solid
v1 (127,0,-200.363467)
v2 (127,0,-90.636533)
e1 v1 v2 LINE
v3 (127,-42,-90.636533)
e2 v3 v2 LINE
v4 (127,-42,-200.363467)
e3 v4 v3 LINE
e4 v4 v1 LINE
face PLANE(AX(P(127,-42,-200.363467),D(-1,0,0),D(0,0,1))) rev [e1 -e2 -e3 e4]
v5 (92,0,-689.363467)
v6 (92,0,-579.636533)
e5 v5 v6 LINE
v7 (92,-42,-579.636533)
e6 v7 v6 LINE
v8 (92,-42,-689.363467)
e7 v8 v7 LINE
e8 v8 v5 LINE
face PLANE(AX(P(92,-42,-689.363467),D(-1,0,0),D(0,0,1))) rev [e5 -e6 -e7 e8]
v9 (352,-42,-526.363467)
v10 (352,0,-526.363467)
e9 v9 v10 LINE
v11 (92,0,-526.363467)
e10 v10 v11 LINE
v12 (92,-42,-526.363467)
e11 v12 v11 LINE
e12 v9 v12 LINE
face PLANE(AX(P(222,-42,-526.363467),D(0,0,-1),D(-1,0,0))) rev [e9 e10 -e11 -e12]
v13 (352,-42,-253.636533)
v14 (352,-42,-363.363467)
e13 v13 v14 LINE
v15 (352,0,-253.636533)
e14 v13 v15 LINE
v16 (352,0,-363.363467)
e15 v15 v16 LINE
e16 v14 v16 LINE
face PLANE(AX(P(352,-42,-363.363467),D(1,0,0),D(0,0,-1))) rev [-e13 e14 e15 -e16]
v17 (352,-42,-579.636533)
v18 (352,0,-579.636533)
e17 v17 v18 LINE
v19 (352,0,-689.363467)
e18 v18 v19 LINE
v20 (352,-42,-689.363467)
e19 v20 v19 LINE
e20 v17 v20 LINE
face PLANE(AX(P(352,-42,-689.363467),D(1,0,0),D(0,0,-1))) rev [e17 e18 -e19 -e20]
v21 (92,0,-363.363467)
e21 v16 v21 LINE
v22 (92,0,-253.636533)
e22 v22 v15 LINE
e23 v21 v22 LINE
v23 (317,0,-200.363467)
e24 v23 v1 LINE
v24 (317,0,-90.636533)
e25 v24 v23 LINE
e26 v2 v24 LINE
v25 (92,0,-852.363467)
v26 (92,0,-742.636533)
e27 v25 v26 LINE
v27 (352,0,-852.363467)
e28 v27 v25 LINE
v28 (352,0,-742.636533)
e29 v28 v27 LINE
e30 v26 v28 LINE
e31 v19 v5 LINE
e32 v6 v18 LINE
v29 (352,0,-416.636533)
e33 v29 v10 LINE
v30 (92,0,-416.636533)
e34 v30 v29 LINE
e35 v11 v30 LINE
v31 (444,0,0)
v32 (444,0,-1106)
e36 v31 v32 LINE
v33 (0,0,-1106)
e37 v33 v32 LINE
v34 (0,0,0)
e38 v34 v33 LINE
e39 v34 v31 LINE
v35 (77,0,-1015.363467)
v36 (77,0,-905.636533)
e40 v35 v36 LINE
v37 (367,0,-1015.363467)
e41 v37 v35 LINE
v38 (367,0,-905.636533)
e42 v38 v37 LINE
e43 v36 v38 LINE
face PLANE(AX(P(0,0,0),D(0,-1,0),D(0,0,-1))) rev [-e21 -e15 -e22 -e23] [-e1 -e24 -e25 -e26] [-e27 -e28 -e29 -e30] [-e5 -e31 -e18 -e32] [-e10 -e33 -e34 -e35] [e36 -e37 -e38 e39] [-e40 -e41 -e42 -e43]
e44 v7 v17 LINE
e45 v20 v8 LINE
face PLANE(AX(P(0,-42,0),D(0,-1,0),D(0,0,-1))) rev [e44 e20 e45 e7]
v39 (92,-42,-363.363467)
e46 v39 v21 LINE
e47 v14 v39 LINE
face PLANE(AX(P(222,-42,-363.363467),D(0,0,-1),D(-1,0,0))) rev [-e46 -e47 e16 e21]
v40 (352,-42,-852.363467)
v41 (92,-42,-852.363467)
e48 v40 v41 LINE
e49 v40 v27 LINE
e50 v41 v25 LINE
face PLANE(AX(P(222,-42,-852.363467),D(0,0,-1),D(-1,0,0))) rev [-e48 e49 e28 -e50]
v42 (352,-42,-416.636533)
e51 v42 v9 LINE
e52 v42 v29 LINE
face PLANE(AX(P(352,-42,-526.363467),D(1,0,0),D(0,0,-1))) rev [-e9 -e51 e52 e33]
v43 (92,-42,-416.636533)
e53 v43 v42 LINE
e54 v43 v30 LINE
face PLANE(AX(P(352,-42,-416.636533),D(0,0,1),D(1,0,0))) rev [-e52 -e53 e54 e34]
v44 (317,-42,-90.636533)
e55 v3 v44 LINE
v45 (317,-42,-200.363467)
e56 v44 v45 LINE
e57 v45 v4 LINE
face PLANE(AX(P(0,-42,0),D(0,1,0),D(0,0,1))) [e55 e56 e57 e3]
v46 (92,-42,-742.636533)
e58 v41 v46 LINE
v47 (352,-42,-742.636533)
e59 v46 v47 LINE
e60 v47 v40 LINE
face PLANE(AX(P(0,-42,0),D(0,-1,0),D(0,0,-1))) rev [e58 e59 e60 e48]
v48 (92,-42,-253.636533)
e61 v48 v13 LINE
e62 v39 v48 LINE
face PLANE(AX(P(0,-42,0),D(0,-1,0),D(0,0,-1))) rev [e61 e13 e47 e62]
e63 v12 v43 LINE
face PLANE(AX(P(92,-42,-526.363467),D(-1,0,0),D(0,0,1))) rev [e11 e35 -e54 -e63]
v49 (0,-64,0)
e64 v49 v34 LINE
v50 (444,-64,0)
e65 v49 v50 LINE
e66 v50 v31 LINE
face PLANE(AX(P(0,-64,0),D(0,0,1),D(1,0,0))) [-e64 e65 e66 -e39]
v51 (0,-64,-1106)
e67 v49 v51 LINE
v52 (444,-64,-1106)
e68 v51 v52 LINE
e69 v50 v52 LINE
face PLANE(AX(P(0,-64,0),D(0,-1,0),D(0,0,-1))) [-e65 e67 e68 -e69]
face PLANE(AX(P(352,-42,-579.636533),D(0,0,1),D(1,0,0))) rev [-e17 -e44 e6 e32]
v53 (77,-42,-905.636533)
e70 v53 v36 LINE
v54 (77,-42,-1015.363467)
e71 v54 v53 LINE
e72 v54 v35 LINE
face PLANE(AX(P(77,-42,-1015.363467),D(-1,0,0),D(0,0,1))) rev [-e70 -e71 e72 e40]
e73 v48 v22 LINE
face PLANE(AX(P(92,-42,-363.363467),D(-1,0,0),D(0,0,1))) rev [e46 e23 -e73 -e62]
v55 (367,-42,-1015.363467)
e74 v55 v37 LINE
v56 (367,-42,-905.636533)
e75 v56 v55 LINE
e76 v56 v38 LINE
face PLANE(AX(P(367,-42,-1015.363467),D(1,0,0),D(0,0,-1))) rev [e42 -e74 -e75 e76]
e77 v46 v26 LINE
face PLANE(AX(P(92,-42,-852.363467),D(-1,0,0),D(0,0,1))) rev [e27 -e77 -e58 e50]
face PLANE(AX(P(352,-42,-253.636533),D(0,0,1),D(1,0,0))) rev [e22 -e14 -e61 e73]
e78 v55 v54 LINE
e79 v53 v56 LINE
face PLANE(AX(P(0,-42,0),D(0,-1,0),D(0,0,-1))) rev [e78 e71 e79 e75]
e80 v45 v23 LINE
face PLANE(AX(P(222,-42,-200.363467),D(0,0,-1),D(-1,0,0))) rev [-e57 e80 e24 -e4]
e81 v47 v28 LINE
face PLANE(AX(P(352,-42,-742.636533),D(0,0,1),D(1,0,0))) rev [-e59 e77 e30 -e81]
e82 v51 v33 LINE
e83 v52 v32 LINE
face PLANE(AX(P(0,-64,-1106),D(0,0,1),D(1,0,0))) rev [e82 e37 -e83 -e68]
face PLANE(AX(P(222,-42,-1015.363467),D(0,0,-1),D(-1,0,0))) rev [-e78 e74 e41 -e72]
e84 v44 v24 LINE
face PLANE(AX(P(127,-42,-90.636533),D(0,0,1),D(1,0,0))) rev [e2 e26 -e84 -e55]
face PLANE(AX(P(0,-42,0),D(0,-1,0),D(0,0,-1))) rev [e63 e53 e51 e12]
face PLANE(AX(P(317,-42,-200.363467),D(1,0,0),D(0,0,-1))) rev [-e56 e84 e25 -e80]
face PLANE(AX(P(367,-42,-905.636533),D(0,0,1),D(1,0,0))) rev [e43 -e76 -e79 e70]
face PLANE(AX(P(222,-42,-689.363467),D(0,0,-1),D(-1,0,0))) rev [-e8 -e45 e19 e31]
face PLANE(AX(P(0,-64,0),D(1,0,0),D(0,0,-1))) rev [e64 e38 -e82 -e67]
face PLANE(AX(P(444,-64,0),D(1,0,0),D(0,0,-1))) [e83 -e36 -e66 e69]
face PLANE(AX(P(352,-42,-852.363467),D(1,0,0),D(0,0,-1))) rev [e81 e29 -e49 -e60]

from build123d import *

# Parameters (mm, degrees)
SKETCH_1_W          = 444
SKETCH_1_H          = 1106
EXTRUDE_305_DEPTH   = 64
CUT_EXTRUDE_1_DEPTH = 42


with BuildPart() as part:
    # Эскиз1 → Extrude 305 (new body)
    with BuildSketch(Plane(origin=(0, 0, 0), x_dir=(1, 0, 0), z_dir=(0, 1, 0))):
        with Locations((222, 553)):
            Rectangle(SKETCH_1_W, SKETCH_1_H)
    extrude(amount=-EXTRUDE_305_DEPTH)

    # Эскиз2 → Вырез-Вытянуть1 (cut)
    with BuildSketch(Plane(origin=(0, 0, 0), x_dir=(1, 0, 0), z_dir=(0, 1, 0))):
        Polygon((222, 1015.363466897), (77, 1015.363466897), (77, 905.636533103), (222, 905.636533103), (367, 905.636533103), (367, 1015.363466897), align=None)
        Polygon((222, 852.363466897), (92, 852.363466897), (92, 742.636533103), (222, 742.636533103), (352, 742.636533103), (352, 852.363466897), align=None)
        Polygon((222, 689.363466897), (92, 689.363466897), (92, 579.636533103), (222, 579.636533103), (352, 579.636533103), (352, 689.363466897), align=None)
        Polygon((222, 526.363466897), (92, 526.363466897), (92, 416.636533103), (222, 416.636533103), (352, 416.636533103), (352, 526.363466897), align=None)
        Polygon((222, 363.363466897), (92, 363.363466897), (92, 253.636533103), (222, 253.636533103), (352, 253.636533103), (352, 363.363466897), align=None)
        Polygon((222, 200.363466897), (127, 200.363466897), (127, 90.636533103), (222, 90.636533103), (317, 90.636533103), (317, 200.363466897), align=None)
    extrude(amount=-CUT_EXTRUDE_1_DEPTH, mode=Mode.SUBTRACT)


solid = part.part
